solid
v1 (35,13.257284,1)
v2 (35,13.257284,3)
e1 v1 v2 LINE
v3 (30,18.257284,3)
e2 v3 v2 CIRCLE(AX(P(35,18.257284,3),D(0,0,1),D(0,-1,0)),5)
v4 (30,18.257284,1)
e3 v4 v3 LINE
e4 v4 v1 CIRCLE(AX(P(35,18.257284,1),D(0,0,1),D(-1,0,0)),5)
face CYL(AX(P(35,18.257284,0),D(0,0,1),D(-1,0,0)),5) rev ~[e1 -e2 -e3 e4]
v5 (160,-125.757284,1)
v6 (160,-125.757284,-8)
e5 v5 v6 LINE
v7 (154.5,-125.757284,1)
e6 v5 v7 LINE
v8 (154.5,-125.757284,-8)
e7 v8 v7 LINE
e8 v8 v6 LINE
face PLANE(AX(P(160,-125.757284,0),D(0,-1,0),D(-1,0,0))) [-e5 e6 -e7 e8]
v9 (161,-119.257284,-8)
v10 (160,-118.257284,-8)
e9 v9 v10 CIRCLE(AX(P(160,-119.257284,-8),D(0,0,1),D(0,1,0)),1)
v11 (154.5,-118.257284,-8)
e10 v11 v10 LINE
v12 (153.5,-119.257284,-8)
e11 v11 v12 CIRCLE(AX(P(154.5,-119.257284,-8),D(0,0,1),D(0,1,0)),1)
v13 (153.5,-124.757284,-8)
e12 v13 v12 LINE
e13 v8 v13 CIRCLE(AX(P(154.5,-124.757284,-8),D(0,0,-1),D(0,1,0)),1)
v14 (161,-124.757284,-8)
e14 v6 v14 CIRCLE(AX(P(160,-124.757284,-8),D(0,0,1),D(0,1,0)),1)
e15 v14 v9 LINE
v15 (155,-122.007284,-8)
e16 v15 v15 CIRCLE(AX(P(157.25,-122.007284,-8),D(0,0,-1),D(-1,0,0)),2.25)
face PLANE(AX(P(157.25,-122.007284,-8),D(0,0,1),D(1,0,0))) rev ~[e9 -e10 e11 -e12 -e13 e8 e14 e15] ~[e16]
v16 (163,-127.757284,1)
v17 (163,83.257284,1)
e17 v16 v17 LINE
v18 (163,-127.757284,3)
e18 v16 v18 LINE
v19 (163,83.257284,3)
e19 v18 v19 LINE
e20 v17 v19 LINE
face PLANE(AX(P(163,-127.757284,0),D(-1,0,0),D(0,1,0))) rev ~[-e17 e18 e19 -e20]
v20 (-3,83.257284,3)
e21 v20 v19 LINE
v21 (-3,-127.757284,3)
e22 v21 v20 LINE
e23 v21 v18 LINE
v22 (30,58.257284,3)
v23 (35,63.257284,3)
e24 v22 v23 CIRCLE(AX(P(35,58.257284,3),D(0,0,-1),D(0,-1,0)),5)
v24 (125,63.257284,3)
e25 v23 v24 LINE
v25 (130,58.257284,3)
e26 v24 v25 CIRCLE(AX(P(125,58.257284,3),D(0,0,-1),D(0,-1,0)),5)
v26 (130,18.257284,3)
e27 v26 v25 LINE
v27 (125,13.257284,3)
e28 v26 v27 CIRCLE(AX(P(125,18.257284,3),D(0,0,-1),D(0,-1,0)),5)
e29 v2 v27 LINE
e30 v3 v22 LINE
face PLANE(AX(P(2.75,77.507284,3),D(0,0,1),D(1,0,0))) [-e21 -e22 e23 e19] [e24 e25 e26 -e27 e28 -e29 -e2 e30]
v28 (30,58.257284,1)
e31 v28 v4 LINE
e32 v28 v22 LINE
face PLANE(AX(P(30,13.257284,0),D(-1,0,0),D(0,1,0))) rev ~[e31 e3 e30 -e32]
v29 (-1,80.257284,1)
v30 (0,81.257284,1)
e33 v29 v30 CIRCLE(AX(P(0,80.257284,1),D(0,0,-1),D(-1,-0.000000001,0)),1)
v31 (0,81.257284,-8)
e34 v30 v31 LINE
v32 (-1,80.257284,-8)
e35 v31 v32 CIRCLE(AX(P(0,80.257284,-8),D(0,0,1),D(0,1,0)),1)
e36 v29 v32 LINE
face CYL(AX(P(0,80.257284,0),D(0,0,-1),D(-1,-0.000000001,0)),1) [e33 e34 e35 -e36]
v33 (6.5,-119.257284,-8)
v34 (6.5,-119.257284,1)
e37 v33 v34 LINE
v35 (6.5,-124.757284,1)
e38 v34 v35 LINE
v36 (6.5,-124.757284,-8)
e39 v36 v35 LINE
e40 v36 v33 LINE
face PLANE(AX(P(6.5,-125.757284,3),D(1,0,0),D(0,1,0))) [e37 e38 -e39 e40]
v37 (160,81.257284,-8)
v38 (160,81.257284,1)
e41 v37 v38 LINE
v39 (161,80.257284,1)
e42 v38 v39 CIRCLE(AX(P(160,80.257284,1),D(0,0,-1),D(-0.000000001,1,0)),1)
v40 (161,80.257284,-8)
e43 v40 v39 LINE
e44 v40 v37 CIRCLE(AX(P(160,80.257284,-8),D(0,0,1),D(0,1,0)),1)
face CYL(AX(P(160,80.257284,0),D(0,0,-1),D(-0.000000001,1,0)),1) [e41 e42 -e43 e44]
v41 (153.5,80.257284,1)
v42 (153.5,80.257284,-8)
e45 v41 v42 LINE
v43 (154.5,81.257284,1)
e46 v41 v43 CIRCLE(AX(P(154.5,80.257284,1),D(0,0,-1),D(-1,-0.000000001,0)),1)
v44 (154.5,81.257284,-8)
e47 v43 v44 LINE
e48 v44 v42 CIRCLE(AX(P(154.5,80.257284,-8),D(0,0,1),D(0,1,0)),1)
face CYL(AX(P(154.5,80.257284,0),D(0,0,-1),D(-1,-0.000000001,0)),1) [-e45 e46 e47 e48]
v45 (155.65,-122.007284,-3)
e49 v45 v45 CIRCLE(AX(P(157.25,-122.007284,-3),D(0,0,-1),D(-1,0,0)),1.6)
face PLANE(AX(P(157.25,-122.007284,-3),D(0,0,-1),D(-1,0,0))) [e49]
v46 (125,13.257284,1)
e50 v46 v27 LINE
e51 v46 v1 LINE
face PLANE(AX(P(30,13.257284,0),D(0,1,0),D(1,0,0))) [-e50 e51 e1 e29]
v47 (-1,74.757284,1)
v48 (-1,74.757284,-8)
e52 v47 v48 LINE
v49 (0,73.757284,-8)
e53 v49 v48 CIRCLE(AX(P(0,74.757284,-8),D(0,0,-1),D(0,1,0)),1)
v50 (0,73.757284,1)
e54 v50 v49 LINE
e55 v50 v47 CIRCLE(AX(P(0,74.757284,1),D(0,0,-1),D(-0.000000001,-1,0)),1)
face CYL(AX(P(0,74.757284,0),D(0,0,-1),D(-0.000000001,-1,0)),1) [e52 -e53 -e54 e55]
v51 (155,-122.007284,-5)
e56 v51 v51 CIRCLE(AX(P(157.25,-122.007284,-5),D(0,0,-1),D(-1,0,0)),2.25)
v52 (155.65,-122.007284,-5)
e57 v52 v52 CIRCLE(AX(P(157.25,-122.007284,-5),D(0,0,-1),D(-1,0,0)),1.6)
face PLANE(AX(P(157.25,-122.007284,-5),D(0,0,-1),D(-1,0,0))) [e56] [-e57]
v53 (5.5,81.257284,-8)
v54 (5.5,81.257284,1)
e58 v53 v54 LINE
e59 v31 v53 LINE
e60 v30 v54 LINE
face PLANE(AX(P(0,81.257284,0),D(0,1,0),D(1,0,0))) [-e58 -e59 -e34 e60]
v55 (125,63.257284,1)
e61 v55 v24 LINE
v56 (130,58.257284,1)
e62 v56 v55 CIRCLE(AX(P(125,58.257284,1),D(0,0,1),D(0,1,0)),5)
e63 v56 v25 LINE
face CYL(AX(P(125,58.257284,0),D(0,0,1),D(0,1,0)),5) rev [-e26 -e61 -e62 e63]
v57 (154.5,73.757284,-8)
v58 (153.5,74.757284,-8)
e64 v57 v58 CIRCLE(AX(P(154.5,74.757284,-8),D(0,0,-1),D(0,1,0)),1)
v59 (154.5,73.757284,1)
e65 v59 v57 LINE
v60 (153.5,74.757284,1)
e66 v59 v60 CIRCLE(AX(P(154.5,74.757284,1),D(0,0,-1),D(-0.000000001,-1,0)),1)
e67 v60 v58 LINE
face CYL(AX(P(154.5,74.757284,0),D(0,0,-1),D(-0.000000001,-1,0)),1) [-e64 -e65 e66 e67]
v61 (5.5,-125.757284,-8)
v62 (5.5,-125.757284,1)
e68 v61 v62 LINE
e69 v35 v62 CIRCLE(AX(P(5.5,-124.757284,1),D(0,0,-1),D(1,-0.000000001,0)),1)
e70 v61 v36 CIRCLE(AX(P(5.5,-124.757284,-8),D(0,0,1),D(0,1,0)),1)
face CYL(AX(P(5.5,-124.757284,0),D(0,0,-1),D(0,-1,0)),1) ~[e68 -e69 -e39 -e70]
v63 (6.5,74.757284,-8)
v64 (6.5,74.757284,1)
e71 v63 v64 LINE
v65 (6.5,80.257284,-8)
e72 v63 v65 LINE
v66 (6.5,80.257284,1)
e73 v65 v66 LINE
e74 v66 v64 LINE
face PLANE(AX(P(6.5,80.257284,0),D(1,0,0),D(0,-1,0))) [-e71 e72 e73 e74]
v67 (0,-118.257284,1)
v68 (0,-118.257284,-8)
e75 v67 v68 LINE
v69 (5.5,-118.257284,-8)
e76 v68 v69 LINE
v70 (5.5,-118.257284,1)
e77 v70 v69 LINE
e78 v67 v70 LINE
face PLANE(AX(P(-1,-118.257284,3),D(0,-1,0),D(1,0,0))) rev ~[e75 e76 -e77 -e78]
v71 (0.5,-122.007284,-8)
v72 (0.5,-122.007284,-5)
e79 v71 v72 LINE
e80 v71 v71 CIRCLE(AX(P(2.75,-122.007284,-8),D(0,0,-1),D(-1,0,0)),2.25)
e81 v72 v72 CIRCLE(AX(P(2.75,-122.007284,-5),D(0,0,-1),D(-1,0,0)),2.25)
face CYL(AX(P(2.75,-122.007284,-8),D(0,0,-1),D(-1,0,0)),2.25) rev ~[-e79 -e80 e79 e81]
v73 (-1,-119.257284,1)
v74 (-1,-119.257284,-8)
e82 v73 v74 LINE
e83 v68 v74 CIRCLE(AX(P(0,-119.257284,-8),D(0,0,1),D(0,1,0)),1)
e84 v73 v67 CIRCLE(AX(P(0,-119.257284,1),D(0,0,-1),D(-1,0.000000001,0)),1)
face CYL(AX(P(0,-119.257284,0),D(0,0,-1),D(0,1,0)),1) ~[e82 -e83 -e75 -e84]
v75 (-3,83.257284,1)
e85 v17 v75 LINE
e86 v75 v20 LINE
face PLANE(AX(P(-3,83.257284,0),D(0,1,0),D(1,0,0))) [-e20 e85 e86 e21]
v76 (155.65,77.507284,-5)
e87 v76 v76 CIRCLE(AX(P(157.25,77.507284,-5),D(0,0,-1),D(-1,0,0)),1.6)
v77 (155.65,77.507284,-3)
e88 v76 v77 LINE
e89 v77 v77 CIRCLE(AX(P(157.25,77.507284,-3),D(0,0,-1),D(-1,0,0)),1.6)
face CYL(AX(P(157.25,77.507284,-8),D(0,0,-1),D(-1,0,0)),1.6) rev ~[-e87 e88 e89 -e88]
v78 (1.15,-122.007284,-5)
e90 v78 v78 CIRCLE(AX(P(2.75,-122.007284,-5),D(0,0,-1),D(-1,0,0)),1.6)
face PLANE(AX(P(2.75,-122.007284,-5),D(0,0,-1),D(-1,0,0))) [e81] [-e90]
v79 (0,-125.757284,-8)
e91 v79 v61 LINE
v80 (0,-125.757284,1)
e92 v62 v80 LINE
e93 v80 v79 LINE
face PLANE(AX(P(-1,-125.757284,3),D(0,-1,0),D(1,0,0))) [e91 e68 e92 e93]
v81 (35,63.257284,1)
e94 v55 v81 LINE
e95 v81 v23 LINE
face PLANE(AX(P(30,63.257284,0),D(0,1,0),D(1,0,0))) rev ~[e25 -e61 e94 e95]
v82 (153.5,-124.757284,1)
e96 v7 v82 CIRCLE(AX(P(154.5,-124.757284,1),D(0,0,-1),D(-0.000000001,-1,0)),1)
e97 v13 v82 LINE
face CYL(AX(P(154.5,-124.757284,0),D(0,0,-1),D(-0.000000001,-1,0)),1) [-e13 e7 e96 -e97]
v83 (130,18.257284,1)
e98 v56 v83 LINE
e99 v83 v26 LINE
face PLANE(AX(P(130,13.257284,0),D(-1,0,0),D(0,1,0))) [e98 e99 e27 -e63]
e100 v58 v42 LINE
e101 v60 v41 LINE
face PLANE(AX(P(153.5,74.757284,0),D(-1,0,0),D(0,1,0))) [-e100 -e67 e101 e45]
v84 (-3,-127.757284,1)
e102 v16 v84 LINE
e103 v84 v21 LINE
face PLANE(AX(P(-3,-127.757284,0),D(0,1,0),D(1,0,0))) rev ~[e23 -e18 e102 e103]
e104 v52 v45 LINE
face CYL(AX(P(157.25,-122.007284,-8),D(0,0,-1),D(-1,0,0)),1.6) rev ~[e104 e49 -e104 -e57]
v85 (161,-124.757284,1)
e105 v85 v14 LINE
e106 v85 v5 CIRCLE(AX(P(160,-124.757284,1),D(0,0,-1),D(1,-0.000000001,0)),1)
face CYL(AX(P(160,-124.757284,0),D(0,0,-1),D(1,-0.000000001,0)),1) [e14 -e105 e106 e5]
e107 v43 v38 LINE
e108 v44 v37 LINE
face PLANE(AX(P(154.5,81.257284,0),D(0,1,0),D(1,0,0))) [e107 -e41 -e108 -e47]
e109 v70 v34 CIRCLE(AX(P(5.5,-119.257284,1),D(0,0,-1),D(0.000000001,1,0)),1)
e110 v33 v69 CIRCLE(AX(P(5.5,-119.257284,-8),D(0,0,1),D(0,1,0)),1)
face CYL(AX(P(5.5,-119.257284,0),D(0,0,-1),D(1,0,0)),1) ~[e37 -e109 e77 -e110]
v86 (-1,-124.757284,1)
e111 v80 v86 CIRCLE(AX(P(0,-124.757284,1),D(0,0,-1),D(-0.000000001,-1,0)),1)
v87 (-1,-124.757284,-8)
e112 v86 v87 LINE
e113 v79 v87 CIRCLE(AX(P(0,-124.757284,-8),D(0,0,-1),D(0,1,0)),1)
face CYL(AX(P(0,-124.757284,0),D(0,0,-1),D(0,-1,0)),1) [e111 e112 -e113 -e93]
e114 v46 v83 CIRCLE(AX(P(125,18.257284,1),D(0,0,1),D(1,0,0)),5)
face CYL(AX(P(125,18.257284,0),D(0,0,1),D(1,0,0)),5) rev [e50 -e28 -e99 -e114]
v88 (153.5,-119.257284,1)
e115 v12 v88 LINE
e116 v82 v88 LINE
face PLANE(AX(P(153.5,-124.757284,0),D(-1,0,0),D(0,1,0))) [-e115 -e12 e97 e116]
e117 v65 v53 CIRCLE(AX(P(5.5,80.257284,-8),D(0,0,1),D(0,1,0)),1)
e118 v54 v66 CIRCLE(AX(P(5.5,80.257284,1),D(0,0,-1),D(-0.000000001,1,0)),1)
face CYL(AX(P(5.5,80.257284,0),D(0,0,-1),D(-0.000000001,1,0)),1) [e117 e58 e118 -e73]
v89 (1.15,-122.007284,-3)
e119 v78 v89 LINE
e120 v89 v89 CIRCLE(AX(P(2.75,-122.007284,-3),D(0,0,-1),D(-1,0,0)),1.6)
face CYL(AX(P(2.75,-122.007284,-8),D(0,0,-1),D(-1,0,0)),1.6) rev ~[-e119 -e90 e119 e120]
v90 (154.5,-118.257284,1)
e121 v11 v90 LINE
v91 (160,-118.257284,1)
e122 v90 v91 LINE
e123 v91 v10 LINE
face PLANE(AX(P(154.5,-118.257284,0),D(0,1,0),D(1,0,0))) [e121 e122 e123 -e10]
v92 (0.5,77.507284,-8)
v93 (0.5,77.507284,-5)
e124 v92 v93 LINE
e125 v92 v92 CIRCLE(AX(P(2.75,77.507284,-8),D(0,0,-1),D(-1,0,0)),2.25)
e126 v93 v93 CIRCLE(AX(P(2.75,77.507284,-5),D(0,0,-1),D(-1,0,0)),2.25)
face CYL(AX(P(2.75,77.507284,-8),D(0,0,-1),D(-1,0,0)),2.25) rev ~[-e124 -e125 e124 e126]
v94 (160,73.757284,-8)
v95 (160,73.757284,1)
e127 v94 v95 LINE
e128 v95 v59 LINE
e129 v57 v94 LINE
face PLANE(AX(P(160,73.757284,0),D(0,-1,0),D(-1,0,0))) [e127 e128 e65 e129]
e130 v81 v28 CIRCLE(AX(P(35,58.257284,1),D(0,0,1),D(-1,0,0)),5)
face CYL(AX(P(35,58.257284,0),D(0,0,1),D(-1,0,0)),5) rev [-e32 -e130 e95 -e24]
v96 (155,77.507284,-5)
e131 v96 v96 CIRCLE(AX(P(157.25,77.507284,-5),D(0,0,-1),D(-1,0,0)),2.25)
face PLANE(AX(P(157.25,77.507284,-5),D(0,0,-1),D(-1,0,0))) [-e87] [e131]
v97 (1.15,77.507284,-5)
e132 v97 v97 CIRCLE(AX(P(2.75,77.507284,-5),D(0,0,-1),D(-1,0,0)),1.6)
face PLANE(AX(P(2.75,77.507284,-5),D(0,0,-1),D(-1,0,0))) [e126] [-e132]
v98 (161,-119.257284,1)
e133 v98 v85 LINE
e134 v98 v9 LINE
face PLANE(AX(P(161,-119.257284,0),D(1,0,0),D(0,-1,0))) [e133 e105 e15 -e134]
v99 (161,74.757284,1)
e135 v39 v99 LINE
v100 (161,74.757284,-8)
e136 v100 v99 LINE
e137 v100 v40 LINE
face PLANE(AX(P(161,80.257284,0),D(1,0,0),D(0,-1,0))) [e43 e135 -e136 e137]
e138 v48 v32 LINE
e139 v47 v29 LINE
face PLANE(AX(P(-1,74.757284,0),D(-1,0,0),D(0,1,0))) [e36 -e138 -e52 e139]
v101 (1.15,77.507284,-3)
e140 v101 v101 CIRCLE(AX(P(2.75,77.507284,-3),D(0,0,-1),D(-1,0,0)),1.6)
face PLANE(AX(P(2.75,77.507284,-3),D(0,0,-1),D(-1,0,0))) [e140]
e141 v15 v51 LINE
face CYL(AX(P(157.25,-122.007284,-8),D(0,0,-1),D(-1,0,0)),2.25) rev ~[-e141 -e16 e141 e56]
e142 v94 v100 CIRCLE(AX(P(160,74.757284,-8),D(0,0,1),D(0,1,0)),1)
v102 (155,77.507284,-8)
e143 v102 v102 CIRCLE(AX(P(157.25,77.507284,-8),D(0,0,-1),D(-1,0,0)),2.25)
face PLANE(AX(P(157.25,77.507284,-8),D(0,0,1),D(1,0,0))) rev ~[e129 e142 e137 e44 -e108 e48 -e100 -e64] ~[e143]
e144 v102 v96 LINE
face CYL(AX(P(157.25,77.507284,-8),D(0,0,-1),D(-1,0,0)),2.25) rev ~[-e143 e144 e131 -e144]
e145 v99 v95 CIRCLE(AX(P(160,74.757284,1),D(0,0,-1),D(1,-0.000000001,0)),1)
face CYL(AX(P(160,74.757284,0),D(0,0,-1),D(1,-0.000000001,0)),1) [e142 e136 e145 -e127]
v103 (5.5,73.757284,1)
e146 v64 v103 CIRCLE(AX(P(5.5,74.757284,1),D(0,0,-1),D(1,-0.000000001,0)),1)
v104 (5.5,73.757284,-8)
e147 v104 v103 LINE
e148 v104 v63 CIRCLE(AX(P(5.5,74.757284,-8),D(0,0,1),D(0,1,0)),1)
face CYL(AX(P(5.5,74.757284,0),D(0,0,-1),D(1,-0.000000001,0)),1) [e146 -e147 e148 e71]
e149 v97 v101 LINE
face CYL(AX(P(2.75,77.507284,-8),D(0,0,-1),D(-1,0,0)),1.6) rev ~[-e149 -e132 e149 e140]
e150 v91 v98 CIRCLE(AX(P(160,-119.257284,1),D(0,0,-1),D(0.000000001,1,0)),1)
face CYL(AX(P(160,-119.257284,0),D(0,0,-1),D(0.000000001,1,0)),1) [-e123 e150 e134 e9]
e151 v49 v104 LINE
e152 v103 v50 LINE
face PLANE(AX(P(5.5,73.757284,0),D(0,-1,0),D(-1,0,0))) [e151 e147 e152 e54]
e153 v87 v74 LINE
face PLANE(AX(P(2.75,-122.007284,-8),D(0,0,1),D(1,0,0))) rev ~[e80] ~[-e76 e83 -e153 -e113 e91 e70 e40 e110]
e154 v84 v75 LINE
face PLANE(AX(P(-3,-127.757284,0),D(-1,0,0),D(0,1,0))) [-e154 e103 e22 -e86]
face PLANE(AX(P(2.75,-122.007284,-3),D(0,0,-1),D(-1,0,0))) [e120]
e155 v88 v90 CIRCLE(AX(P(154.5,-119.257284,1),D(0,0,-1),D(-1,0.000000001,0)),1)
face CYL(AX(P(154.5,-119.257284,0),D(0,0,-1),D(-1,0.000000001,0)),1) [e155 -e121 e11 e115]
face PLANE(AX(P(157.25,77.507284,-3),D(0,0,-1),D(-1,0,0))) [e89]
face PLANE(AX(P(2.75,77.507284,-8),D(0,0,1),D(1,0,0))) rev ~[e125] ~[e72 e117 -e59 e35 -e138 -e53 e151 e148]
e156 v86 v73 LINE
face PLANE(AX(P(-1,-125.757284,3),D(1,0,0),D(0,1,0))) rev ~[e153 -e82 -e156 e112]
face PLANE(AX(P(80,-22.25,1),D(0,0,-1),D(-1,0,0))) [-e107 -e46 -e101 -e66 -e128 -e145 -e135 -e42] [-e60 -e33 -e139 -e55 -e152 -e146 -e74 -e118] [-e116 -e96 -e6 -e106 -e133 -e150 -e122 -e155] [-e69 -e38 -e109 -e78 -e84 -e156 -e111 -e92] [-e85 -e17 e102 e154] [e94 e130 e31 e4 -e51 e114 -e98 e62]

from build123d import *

# Parameters (mm, degrees)
BOSS_EXTRUDE1_DEPTH = 3
SKETCH2_W           = 166
SKETCH2_H           = 211.014567036
SKETCH2_W_2         = 100
SKETCH2_H_2         = 50
BOSS_EXTRUDE2_DEPTH = 3
CUT_EXTRUDE1_DEPTH  = 3
FILLET1_R           = 5
SKETCH4_W           = 7.5
SKETCH4_H           = 7.5
BOSS_EXTRUDE3_DEPTH = 11
FILLET2_R           = 1
SKETCH5_R           = 1.6
CUT_EXTRUDE2_DEPTH  = 5
SKETCH6_R           = 2.25
CUT_EXTRUDE3_DEPTH  = 3
SKETCH7_W           = 166
SKETCH7_H           = 211.014567036
CUT_EXTRUDE4_DEPTH  = 1


with BuildPart() as part:
    # Sketch1 → Boss-Extrude1 (new body)
    with BuildSketch(Plane.XY):
        with BuildLine():
            Line((48, 73.257283518), (48, -16.742716482))
            ThreePointArc((48, -16.742716482), (50.050252532, -21.69246395), (55, -23.742716482))
            Line((55, -23.742716482), (105, -23.742716482))
            ThreePointArc((105, -23.742716482), (109.949747468, -21.69246395), (112, -16.742716482))
            Line((112, -16.742716482), (112, 73.257283518))
            ThreePointArc((112, 73.257283518), (109.949747468, 78.207030987), (105, 80.257283518))
            Line((105, 80.257283518), (55, 80.257283518))
            ThreePointArc((55, 80.257283518), (50.050252532, 78.207030987), (48, 73.257283518))
        make_face()
        with BuildLine():
            Line((53, 73.257283518), (53, -16.742716482))
            ThreePointArc((53, -16.742716482), (53.585786438, -18.156930044), (55, -18.742716482))
            Line((55, -18.742716482), (105, -18.742716482))
            ThreePointArc((105, -18.742716482), (106.414213562, -18.156930044), (107, -16.742716482))
            Line((107, -16.742716482), (107, 73.257283518))
            ThreePointArc((107, 73.257283518), (106.414213562, 74.671497081), (105, 75.257283518))
            Line((105, 75.257283518), (55, 75.257283518))
            ThreePointArc((55, 75.257283518), (53.585786438, 74.671497081), (53, 73.257283518))
        make_face(mode=Mode.SUBTRACT)
    extrude(amount=-BOSS_EXTRUDE1_DEPTH)

    # Sketch2 → Boss-Extrude2 (add)
    with BuildSketch(Plane.XY):
        with Locations((80, -22.25)):
            Rectangle(SKETCH2_W, SKETCH2_H)
        with Locations((80, 38.257283518)):
            Rectangle(SKETCH2_W_2, SKETCH2_H_2, mode=Mode.SUBTRACT)
    extrude(amount=BOSS_EXTRUDE2_DEPTH)

    # Sketch3 → Cut-Extrude1 (cut)
    with BuildSketch(Plane(origin=(0, 0, -3), x_dir=(-1, 0, 0), z_dir=(0, 0, -1))):
        with BuildLine():
            Line((-55, 80.257283518), (-105, 80.257283518))
            ThreePointArc((-105, 80.257283518), (-109.949747468, 78.207030987), (-112, 73.257283518))
            Line((-112, 73.257283518), (-112, -16.742716482))
            ThreePointArc((-112, -16.742716482), (-109.949747468, -21.69246395), (-105, -23.742716482))
            Line((-105, -23.742716482), (-55, -23.742716482))
            ThreePointArc((-55, -23.742716482), (-50.050252532, -21.69246395), (-48, -16.742716482))
            Line((-48, -16.742716482), (-48, 73.257283518))
            ThreePointArc((-48, 73.257283518), (-50.050252532, 78.207030987), (-55, 80.257283518))
        make_face()
    extrude(amount=-CUT_EXTRUDE1_DEPTH, mode=Mode.SUBTRACT)

    # Fillet1
    fillet1_edges = [part.edges().sort_by_distance(p)[0] for p in [
        (30, 13.257283518, 1.5),
        (130, 13.257283518, 1.5),
        (130, 63.257283518, 1.5),
        (30, 63.257283518, 1.5),
    ]]
    fillet(fillet1_edges, radius=FILLET1_R)

    # Sketch4 → Boss-Extrude3 (add)
    with BuildSketch(Plane.XY.offset(3)):
        with Locations((2.75, 77.507283518)):
            Rectangle(SKETCH4_W, SKETCH4_H)
        with Locations((157.25, -122.007283518)):
            Rectangle(SKETCH4_W, SKETCH4_H)
        with Locations((2.75, -122.007283518)):
            Rectangle(SKETCH4_W, SKETCH4_H)
        with Locations((157.25, 77.507283518)):
            Rectangle(SKETCH4_W, SKETCH4_H)
    extrude(amount=-BOSS_EXTRUDE3_DEPTH)

    # Fillet2
    fillet2_edges = [part.edges().sort_by_distance(p)[0] for p in [
        (-1, 73.757283518, -4),
        (-1, 81.257283518, -4),
        (6.5, 81.257283518, -4),
        (6.5, 73.757283518, -4),
        (161, -118.257283518, -4),
        (161, -125.757283518, -4),
        (153.5, -125.757283518, -4),
        (153.5, -118.257283518, -4),
        (-1, -125.757283518, -4),
        (-1, -118.257283518, -4),
        (6.5, -118.257283518, -4),
        (6.5, -125.757283518, -4),
        (161, 81.257283518, -4),
        (161, 73.757283518, -4),
        (153.5, 73.757283518, -4),
        (153.5, 81.257283518, -4),
    ]]
    fillet(fillet2_edges, radius=FILLET2_R)

    # Sketch5 → Cut-Extrude2 (cut)
    with BuildSketch(Plane(origin=(0, 0, -8), x_dir=(-1, 0, 0), z_dir=(0, 0, -1))):
        with Locations((-157.25, 77.507283518)):
            Circle(SKETCH5_R)
        with Locations((-2.75, 77.507283518)):
            Circle(SKETCH5_R)
        with Locations((-2.75, -122.007283518)):
            Circle(SKETCH5_R)
        with Locations((-157.25, -122.007283518)):
            Circle(SKETCH5_R)
    extrude(amount=-CUT_EXTRUDE2_DEPTH, mode=Mode.SUBTRACT)

    # Sketch6 → Cut-Extrude3 (cut)
    with BuildSketch(Plane(origin=(0, 0, -8), x_dir=(-1, 0, 0), z_dir=(0, 0, -1))):
        with Locations((-157.25, 77.507283518)):
            Circle(SKETCH6_R)
        with Locations((-2.75, 77.507283518)):
            Circle(SKETCH6_R)
        with Locations((-157.25, -122.007283518)):
            Circle(SKETCH6_R)
        with Locations((-2.75, -122.007283518)):
            Circle(SKETCH6_R)
    extrude(amount=-CUT_EXTRUDE3_DEPTH, mode=Mode.SUBTRACT)

    # Sketch7 → Cut-Extrude4 (cut)
    with BuildSketch(Plane(origin=(0, 0, 0), x_dir=(-1, 0, 0), z_dir=(0, 0, -1))):
        with Locations((-80, -22.25)):
            Rectangle(SKETCH7_W, SKETCH7_H)
        with BuildLine():
            Line((-160, 73.757283518), (-154.5, 73.757283518))
            ThreePointArc((-154.5, 73.757283518), (-153.792893219, 74.050176737), (-153.5, 74.757283518))
            Line((-153.5, 74.757283518), (-153.5, 80.257283518))
            ThreePointArc((-153.5, 80.257283518), (-153.792893219, 80.9643903), (-154.5, 81.257283518))
            Line((-154.5, 81.257283518), (-160, 81.257283518))
            ThreePointArc((-160, 81.257283518), (-160.707106781, 80.9643903), (-161, 80.257283518))
            Line((-161, 80.257283518), (-161, 74.757283518))
            ThreePointArc((-161, 74.757283518), (-160.707106781, 74.050176737), (-160, 73.757283518))
        make_face(mode=Mode.SUBTRACT)
        with BuildLine():
            Line((-5.5, 73.757283518), (0, 73.757283518))
            ThreePointArc((0, 73.757283518), (0.707106781, 74.050176737), (1, 74.757283518))
            Line((1, 74.757283518), (1, 80.257283518))
            ThreePointArc((1, 80.257283518), (0.707106781, 80.9643903), (0, 81.257283518))
            Line((0, 81.257283518), (-5.5, 81.257283518))
            ThreePointArc((-5.5, 81.257283518), (-6.207106781, 80.9643903), (-6.5, 80.257283518))
            Line((-6.5, 80.257283518), (-6.5, 74.757283518))
            ThreePointArc((-6.5, 74.757283518), (-6.207106781, 74.050176737), (-5.5, 73.757283518))
        make_face(mode=Mode.SUBTRACT)
        with BuildLine():
            Line((-154.5, -118.257283518), (-160, -118.257283518))
            ThreePointArc((-160, -118.257283518), (-160.707106781, -118.550176737), (-161, -119.257283518))
            Line((-161, -119.257283518), (-161, -124.757283518))
            ThreePointArc((-161, -124.757283518), (-160.707106781, -125.464390299), (-160, -125.757283518))
            Line((-160, -125.757283518), (-154.5, -125.757283518))
            ThreePointArc((-154.5, -125.757283518), (-153.792893219, -125.464390299), (-153.5, -124.757283518))
            Line((-153.5, -124.757283518), (-153.5, -119.257283518))
            ThreePointArc((-153.5, -119.257283518), (-153.792893219, -118.550176737), (-154.5, -118.257283518))
        make_face(mode=Mode.SUBTRACT)
        with BuildLine():
            Line((-6.5, -119.257283518), (-6.5, -124.757283518))
            ThreePointArc((-6.5, -124.757283518), (-6.207106781, -125.464390299), (-5.5, -125.757283518))
            Line((-5.5, -125.757283518), (0, -125.757283518))
            ThreePointArc((0, -125.757283518), (0.707106781, -125.464390299), (1, -124.757283518))
            Line((1, -124.757283518), (1, -119.257283518))
            ThreePointArc((1, -119.257283518), (0.707106781, -118.550176737), (0, -118.257283518))
            Line((0, -118.257283518), (-5.5, -118.257283518))
            ThreePointArc((-5.5, -118.257283518), (-6.207106781, -118.550176737), (-6.5, -119.257283518))
        make_face(mode=Mode.SUBTRACT)
    extrude(amount=-CUT_EXTRUDE4_DEPTH, mode=Mode.SUBTRACT)


solid = part.part
